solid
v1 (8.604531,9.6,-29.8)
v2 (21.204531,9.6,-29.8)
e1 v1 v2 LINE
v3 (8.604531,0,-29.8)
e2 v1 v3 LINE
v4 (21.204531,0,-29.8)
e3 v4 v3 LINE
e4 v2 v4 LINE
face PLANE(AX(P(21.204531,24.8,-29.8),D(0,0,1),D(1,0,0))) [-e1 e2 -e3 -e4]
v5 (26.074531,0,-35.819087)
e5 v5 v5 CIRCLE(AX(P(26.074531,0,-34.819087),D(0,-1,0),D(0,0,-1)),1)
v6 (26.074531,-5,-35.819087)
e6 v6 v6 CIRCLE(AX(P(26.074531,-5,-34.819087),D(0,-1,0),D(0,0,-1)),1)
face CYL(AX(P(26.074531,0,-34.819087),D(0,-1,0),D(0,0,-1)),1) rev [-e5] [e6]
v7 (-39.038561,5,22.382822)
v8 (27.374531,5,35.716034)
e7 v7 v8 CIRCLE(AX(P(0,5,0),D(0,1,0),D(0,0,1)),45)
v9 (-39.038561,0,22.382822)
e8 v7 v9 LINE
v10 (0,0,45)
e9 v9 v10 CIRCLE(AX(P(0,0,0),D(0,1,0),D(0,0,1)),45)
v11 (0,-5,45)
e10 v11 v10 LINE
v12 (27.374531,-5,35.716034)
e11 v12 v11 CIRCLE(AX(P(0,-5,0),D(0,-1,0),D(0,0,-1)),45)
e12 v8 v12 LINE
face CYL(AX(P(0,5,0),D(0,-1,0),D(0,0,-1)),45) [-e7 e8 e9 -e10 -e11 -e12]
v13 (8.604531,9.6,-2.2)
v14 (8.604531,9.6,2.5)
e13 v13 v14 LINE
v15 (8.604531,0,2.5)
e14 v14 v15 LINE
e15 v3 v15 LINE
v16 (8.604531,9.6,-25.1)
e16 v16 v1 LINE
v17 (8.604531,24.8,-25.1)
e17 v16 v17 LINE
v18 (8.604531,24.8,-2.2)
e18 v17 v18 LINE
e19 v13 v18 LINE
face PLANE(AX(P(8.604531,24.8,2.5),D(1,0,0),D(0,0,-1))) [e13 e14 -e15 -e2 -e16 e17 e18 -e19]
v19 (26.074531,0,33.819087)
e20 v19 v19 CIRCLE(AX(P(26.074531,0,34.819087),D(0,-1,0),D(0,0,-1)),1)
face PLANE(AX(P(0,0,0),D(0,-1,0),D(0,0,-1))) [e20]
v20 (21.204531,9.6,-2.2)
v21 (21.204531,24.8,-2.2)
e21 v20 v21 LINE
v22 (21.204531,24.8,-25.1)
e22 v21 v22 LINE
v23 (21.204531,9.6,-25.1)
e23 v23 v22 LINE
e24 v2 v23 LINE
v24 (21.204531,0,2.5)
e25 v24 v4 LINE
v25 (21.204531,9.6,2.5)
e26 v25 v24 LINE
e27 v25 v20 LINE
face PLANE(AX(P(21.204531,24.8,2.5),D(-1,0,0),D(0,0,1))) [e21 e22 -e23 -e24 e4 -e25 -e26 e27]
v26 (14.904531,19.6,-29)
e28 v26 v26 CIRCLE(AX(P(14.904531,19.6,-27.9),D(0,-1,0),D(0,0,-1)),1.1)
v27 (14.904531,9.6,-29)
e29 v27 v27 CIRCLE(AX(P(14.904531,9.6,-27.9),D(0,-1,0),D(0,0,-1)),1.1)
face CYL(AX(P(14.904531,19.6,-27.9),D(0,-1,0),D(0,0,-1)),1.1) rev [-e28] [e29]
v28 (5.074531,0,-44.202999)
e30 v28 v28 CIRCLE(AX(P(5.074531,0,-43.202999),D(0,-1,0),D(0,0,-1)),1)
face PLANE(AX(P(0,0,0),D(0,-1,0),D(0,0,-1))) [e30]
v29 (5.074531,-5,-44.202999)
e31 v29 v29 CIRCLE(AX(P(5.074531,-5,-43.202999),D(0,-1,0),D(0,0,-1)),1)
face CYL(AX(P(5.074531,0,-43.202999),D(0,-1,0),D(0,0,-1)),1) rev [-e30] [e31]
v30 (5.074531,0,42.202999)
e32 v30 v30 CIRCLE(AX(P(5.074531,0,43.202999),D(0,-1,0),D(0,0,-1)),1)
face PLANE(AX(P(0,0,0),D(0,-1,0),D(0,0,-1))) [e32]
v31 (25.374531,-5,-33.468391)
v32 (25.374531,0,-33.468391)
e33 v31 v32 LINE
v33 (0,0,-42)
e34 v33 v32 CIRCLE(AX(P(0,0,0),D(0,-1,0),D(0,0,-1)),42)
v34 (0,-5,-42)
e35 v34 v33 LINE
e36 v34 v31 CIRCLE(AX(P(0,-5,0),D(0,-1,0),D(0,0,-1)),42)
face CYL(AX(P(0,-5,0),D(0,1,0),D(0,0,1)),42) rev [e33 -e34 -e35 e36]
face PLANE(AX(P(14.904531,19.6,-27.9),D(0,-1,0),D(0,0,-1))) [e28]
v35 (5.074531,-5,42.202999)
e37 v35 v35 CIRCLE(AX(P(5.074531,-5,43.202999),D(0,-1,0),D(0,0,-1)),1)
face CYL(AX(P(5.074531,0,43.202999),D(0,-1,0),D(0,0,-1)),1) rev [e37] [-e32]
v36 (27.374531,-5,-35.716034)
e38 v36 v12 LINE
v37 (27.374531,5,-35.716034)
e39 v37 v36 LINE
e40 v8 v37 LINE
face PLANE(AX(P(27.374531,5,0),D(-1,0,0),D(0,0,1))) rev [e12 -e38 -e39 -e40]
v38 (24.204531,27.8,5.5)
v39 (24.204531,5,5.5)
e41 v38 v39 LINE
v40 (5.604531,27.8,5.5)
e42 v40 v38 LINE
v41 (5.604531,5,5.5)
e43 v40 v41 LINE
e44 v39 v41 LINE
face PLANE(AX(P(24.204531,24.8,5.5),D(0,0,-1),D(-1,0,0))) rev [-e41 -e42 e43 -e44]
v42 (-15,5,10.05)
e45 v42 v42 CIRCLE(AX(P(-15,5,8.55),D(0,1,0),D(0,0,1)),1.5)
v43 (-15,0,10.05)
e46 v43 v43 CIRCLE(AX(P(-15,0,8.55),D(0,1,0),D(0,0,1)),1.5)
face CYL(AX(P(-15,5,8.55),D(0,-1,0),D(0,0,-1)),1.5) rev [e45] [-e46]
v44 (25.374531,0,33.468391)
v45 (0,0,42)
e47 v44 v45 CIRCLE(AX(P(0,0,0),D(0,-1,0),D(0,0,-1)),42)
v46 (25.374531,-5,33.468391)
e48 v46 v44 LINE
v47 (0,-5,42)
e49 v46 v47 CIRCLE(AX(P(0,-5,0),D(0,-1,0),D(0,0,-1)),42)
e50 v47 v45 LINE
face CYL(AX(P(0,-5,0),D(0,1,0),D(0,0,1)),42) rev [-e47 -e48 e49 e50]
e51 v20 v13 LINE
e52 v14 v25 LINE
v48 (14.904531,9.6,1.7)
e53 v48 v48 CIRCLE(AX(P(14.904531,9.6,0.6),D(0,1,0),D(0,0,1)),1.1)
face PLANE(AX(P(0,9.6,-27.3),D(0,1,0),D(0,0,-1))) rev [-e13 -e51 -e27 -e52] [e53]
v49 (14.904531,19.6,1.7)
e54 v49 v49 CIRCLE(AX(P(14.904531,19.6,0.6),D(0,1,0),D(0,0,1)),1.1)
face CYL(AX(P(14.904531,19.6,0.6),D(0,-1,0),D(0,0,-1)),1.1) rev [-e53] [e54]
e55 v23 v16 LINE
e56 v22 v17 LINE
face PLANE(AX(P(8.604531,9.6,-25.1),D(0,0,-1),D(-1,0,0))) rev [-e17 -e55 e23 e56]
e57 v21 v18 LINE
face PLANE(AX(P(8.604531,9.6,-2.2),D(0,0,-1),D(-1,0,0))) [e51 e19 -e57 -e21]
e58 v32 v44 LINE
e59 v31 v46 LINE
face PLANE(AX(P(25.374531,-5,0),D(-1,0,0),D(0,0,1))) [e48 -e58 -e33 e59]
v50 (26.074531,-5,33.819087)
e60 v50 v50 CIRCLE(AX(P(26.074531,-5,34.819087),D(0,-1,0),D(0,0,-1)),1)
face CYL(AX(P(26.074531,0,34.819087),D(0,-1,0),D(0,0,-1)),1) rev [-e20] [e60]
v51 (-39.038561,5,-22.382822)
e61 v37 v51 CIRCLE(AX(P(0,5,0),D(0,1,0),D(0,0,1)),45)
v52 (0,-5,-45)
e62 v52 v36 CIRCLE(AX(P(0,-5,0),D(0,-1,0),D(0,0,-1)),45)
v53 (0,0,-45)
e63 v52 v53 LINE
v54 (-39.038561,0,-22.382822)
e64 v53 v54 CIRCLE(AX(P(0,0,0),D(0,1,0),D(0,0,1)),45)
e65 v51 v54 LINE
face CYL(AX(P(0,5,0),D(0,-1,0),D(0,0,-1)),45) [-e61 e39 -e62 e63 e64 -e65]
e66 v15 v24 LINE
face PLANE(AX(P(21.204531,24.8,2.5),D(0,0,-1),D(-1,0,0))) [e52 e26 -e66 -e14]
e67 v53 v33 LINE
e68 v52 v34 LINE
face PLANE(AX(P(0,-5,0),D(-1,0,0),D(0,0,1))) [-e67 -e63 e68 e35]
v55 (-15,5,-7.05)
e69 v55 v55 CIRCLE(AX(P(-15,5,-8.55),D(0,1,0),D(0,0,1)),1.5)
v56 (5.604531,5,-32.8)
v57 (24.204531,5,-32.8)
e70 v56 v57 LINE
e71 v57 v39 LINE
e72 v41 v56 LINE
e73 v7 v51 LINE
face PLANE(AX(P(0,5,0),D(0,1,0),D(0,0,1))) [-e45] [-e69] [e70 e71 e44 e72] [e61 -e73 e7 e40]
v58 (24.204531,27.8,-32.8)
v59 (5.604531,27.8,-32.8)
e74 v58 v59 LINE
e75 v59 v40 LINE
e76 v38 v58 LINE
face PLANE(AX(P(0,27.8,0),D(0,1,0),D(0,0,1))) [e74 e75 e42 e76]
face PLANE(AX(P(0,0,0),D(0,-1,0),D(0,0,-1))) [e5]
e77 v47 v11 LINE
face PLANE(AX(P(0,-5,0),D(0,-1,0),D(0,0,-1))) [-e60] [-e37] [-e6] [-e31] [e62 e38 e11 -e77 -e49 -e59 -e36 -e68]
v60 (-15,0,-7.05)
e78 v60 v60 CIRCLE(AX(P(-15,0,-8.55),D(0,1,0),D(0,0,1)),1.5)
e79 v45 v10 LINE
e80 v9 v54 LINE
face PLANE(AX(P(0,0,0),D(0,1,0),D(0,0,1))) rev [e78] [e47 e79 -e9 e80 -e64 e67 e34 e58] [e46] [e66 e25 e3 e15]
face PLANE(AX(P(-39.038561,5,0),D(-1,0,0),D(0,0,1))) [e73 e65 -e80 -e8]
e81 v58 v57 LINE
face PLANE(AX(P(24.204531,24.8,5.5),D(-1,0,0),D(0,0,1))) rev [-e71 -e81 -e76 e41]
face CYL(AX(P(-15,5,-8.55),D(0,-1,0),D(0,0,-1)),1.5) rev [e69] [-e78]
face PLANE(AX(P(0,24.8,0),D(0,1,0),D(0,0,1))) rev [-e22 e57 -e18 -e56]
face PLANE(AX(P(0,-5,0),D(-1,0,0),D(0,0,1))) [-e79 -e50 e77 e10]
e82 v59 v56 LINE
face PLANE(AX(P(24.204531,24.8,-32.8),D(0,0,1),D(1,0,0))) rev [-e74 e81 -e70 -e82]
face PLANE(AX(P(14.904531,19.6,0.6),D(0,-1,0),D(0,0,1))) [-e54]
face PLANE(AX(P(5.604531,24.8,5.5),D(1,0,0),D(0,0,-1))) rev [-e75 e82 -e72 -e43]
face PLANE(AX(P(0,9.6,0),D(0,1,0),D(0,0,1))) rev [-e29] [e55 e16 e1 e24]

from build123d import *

# Parameters (mm, degrees)
SKETCH_1_R          = 1.5
EXTRUDE_1_DEPTH     = 5
SKETCH_3_W          = 18.6
SKETCH_3_H          = 38.3
SKETCH_3_W_2        = 12.6
SKETCH_3_H_2        = 32.3
EXTRUDE_3_DEPTH     = 19.8
SKETCH_4_W          = 18.6
SKETCH_4_H          = 38.3
EXTRUDE_4_DEPTH     = 3
SKETCH_7_W          = 12.6
SKETCH_7_H          = 32.3
CUT_EXTRUDE_1_DEPTH = 5
SKETCH_8_W          = 35.927581395
SKETCH_8_H          = 53.234071865
CUT_EXTRUDE_2_DEPTH = 14.8
SKETCH_9_W          = 12.6
SKETCH_9_H          = 4.7
EXTRUDE_5_DEPTH     = 15.2
SKETCH_10_R         = 1.1
CUT_EXTRUDE_3_DEPTH = 10
EXTRUDE_6_DEPTH     = 5
SKETCH_13_R         = 1
CUT_EXTRUDE_4_DEPTH = 5


with BuildPart() as part:
    # 草图1 → 凸台-拉伸1 (new body)
    with BuildSketch(Plane(origin=(0, 0, 0), x_dir=(1, 0, 0), z_dir=(0, 1, 0))):
        with BuildLine():
            Line((-39.038561358, -22.382822144), (-39.038561358, 22.382822144))
            ThreePointArc((-39.038561358, 22.382822144), (-8.857541047, 44.119655105), (27.374530931, 35.716033603))
            Line((27.374530931, 35.716033603), (27.374530931, -35.716033603))
            ThreePointArc((27.374530931, -35.716033603), (-8.857541047, -44.119655105), (-39.038561358, -22.382822144))
        make_face()
        with Locations((-15, 8.55)):
            Circle(SKETCH_1_R, mode=Mode.SUBTRACT)
        with Locations((-15, -8.55)):
            Circle(SKETCH_1_R, mode=Mode.SUBTRACT)
    extrude(amount=EXTRUDE_1_DEPTH)

    # 草图3 → 凸台-拉伸3 (add, symmetric)
    with BuildSketch(Plane(origin=(0, 5, 0), x_dir=(1, 0, 0), z_dir=(0, 1, 0))):
        with Locations((14.904530931, 13.65)):
            Rectangle(SKETCH_3_W, SKETCH_3_H)
        with Locations((14.904530931, 13.65)):
            Rectangle(SKETCH_3_W_2, SKETCH_3_H_2, mode=Mode.SUBTRACT)
    extrude(amount=EXTRUDE_3_DEPTH, both=True)

    # 草图4 → 凸台-拉伸4 (add)
    with BuildSketch(Plane(origin=(0, 24.8, 0), x_dir=(1, 0, 0), z_dir=(0, 1, 0))):
        with Locations((14.904530931, 13.65)):
            Rectangle(SKETCH_4_W, SKETCH_4_H)
    extrude(amount=EXTRUDE_4_DEPTH)

    # 草图7 → 切除-拉伸1 (cut)
    with BuildSketch(Plane(origin=(0, 0, 0), x_dir=(-1, 0, 0), z_dir=(0, -1, 0))):
        with Locations((-14.904530931, 13.65)):
            Rectangle(SKETCH_7_W, SKETCH_7_H)
    extrude(amount=-CUT_EXTRUDE_1_DEPTH, mode=Mode.SUBTRACT)

    # 草图8 → 切除-拉伸2 (cut)
    with BuildSketch(Plane(origin=(0, -14.8, 0), x_dir=(-1, 0, 0), z_dir=(0, -1, 0))):
        with Locations((-13.744141361, 17.136677553)):
            Rectangle(SKETCH_8_W, SKETCH_8_H)
    extrude(amount=-CUT_EXTRUDE_2_DEPTH, mode=Mode.SUBTRACT)

    # 草图9 → 凸台-拉伸5 (add)
    with BuildSketch(Plane.XZ.offset(-24.8)):
        with Locations((14.904530931, -27.45)):
            Rectangle(SKETCH_9_W, SKETCH_9_H)
    extrude_5 = extrude(amount=EXTRUDE_5_DEPTH)

    # 草图10 → 切除-拉伸3 (cut)
    with BuildSketch(Plane(origin=(0, 9.6, 0), x_dir=(-1, 0, 0), z_dir=(0, -1, 0))):
        with Locations((-14.904530931, 27.9)):
            Circle(SKETCH_10_R)
    cut_extrude_3 = extrude(amount=-CUT_EXTRUDE_3_DEPTH, mode=Mode.SUBTRACT)

    # 镜向1: 凸台-拉伸5, 切除-拉伸3 across plane
    add(extrude_5.mirror(Plane.XY.offset(-13.65)))
    add(cut_extrude_3.mirror(Plane.XY.offset(-13.65)), mode=Mode.SUBTRACT)

    # 草图11 → 凸台-拉伸6 (add)
    with BuildSketch(Plane(origin=(0, 0, 0), x_dir=(-1, 0, 0), z_dir=(0, -1, 0))):
        with BuildLine():
            Line((0, 42), (0, 45))
            ThreePointArc((0, 45), (-13.278516311, 42.996290591), (-25.374530931, 37.163600203))
            Line((-25.374530931, 37.163600203), (-25.374530931, 33.46839076))
            ThreePointArc((-25.374530931, 33.46839076), (-13.385208031, 39.810001331), (0, 42))
        make_face()
        with BuildLine():
            Line((0, -45), (0, -42))
            ThreePointArc((0, -42), (-13.385208031, -39.810001331), (-25.374530931, -33.46839076))
            Line((-25.374530931, -33.46839076), (-25.374530931, -37.163600203))
            ThreePointArc((-25.374530931, -37.163600203), (-13.278516311, -42.996290591), (0, -45))
        make_face()
        with BuildLine():
            Line((-25.374530931, 33.46839076), (-25.374530931, 37.163600203))
            ThreePointArc((-25.374530931, 37.163600203), (-26.384460277, 36.453535575), (-27.374530931, 35.716033603))
            Line((-27.374530931, 35.716033603), (-27.374530931, 31.853336659))
            ThreePointArc((-27.374530931, 31.853336659), (-26.386890339, 32.676168965), (-25.374530931, 33.46839076))
        make_face()
        with BuildLine():
            Line((-25.374530931, -37.163600203), (-25.374530931, -33.46839076))
            ThreePointArc((-25.374530931, -33.46839076), (-26.386890339, -32.676168965), (-27.374530931, -31.853336659))
            Line((-27.374530931, -31.853336659), (-27.374530931, -35.716033603))
            ThreePointArc((-27.374530931, -35.716033603), (-26.384460277, -36.453535575), (-25.374530931, -37.163600203))
        make_face()
        with BuildLine():
            Line((-25.374530931, -33.46839076), (-25.374530931, 33.46839076))
            ThreePointArc((-25.374530931, 33.46839076), (-26.386890339, 32.676168965), (-27.374530931, 31.853336659))
            Line((-27.374530931, 31.853336659), (-27.374530931, -31.853336659))
            ThreePointArc((-27.374530931, -31.853336659), (-26.386890339, -32.676168965), (-25.374530931, -33.46839076))
        make_face()
        with BuildLine():
            Line((-25.374530931, 33.46839076), (-25.374530931, 37.163600203))
            ThreePointArc((-25.374530931, 37.163600203), (-26.384460277, 36.453535575), (-27.374530931, 35.716033603))
            Line((-27.374530931, 35.716033603), (-27.374530931, 31.853336659))
            ThreePointArc((-27.374530931, 31.853336659), (-26.386890339, 32.676168965), (-25.374530931, 33.46839076))
        make_face()
        with BuildLine():
            Line((-25.374530931, -37.163600203), (-25.374530931, -33.46839076))
            ThreePointArc((-25.374530931, -33.46839076), (-26.386890339, -32.676168965), (-27.374530931, -31.853336659))
            Line((-27.374530931, -31.853336659), (-27.374530931, -35.716033603))
            ThreePointArc((-27.374530931, -35.716033603), (-26.384460277, -36.453535575), (-25.374530931, -37.163600203))
        make_face()
        with BuildLine():
            Line((0, 42), (0, 45))
            ThreePointArc((0, 45), (-13.278516311, 42.996290591), (-25.374530931, 37.163600203))
            Line((-25.374530931, 37.163600203), (-25.374530931, 33.46839076))
            ThreePointArc((-25.374530931, 33.46839076), (-13.385208031, 39.810001331), (0, 42))
        make_face()
        with BuildLine():
            Line((0, -45), (0, -42))
            ThreePointArc((0, -42), (-13.385208031, -39.810001331), (-25.374530931, -33.46839076))
            Line((-25.374530931, -33.46839076), (-25.374530931, -37.163600203))
            ThreePointArc((-25.374530931, -37.163600203), (-13.278516311, -42.996290591), (0, -45))
        make_face()
    extrude(amount=EXTRUDE_6_DEPTH)

    # 草图13 → 切除-拉伸4 (cut)
    with BuildSketch(Plane(origin=(0, -5, 0), x_dir=(-1, 0, 0), z_dir=(0, -1, 0))):
        with Locations((-5.074530931, 43.202999153)):
            Circle(SKETCH_13_R)
        with Locations((-26.074530931, 34.819087247)):
            Circle(SKETCH_13_R)
        with Locations((-26.074530931, -34.819087247)):
            Circle(SKETCH_13_R)
        with Locations((-5.074530931, -43.202999153)):
            Circle(SKETCH_13_R)
    extrude(amount=-CUT_EXTRUDE_4_DEPTH, mode=Mode.SUBTRACT)


solid = part.part
